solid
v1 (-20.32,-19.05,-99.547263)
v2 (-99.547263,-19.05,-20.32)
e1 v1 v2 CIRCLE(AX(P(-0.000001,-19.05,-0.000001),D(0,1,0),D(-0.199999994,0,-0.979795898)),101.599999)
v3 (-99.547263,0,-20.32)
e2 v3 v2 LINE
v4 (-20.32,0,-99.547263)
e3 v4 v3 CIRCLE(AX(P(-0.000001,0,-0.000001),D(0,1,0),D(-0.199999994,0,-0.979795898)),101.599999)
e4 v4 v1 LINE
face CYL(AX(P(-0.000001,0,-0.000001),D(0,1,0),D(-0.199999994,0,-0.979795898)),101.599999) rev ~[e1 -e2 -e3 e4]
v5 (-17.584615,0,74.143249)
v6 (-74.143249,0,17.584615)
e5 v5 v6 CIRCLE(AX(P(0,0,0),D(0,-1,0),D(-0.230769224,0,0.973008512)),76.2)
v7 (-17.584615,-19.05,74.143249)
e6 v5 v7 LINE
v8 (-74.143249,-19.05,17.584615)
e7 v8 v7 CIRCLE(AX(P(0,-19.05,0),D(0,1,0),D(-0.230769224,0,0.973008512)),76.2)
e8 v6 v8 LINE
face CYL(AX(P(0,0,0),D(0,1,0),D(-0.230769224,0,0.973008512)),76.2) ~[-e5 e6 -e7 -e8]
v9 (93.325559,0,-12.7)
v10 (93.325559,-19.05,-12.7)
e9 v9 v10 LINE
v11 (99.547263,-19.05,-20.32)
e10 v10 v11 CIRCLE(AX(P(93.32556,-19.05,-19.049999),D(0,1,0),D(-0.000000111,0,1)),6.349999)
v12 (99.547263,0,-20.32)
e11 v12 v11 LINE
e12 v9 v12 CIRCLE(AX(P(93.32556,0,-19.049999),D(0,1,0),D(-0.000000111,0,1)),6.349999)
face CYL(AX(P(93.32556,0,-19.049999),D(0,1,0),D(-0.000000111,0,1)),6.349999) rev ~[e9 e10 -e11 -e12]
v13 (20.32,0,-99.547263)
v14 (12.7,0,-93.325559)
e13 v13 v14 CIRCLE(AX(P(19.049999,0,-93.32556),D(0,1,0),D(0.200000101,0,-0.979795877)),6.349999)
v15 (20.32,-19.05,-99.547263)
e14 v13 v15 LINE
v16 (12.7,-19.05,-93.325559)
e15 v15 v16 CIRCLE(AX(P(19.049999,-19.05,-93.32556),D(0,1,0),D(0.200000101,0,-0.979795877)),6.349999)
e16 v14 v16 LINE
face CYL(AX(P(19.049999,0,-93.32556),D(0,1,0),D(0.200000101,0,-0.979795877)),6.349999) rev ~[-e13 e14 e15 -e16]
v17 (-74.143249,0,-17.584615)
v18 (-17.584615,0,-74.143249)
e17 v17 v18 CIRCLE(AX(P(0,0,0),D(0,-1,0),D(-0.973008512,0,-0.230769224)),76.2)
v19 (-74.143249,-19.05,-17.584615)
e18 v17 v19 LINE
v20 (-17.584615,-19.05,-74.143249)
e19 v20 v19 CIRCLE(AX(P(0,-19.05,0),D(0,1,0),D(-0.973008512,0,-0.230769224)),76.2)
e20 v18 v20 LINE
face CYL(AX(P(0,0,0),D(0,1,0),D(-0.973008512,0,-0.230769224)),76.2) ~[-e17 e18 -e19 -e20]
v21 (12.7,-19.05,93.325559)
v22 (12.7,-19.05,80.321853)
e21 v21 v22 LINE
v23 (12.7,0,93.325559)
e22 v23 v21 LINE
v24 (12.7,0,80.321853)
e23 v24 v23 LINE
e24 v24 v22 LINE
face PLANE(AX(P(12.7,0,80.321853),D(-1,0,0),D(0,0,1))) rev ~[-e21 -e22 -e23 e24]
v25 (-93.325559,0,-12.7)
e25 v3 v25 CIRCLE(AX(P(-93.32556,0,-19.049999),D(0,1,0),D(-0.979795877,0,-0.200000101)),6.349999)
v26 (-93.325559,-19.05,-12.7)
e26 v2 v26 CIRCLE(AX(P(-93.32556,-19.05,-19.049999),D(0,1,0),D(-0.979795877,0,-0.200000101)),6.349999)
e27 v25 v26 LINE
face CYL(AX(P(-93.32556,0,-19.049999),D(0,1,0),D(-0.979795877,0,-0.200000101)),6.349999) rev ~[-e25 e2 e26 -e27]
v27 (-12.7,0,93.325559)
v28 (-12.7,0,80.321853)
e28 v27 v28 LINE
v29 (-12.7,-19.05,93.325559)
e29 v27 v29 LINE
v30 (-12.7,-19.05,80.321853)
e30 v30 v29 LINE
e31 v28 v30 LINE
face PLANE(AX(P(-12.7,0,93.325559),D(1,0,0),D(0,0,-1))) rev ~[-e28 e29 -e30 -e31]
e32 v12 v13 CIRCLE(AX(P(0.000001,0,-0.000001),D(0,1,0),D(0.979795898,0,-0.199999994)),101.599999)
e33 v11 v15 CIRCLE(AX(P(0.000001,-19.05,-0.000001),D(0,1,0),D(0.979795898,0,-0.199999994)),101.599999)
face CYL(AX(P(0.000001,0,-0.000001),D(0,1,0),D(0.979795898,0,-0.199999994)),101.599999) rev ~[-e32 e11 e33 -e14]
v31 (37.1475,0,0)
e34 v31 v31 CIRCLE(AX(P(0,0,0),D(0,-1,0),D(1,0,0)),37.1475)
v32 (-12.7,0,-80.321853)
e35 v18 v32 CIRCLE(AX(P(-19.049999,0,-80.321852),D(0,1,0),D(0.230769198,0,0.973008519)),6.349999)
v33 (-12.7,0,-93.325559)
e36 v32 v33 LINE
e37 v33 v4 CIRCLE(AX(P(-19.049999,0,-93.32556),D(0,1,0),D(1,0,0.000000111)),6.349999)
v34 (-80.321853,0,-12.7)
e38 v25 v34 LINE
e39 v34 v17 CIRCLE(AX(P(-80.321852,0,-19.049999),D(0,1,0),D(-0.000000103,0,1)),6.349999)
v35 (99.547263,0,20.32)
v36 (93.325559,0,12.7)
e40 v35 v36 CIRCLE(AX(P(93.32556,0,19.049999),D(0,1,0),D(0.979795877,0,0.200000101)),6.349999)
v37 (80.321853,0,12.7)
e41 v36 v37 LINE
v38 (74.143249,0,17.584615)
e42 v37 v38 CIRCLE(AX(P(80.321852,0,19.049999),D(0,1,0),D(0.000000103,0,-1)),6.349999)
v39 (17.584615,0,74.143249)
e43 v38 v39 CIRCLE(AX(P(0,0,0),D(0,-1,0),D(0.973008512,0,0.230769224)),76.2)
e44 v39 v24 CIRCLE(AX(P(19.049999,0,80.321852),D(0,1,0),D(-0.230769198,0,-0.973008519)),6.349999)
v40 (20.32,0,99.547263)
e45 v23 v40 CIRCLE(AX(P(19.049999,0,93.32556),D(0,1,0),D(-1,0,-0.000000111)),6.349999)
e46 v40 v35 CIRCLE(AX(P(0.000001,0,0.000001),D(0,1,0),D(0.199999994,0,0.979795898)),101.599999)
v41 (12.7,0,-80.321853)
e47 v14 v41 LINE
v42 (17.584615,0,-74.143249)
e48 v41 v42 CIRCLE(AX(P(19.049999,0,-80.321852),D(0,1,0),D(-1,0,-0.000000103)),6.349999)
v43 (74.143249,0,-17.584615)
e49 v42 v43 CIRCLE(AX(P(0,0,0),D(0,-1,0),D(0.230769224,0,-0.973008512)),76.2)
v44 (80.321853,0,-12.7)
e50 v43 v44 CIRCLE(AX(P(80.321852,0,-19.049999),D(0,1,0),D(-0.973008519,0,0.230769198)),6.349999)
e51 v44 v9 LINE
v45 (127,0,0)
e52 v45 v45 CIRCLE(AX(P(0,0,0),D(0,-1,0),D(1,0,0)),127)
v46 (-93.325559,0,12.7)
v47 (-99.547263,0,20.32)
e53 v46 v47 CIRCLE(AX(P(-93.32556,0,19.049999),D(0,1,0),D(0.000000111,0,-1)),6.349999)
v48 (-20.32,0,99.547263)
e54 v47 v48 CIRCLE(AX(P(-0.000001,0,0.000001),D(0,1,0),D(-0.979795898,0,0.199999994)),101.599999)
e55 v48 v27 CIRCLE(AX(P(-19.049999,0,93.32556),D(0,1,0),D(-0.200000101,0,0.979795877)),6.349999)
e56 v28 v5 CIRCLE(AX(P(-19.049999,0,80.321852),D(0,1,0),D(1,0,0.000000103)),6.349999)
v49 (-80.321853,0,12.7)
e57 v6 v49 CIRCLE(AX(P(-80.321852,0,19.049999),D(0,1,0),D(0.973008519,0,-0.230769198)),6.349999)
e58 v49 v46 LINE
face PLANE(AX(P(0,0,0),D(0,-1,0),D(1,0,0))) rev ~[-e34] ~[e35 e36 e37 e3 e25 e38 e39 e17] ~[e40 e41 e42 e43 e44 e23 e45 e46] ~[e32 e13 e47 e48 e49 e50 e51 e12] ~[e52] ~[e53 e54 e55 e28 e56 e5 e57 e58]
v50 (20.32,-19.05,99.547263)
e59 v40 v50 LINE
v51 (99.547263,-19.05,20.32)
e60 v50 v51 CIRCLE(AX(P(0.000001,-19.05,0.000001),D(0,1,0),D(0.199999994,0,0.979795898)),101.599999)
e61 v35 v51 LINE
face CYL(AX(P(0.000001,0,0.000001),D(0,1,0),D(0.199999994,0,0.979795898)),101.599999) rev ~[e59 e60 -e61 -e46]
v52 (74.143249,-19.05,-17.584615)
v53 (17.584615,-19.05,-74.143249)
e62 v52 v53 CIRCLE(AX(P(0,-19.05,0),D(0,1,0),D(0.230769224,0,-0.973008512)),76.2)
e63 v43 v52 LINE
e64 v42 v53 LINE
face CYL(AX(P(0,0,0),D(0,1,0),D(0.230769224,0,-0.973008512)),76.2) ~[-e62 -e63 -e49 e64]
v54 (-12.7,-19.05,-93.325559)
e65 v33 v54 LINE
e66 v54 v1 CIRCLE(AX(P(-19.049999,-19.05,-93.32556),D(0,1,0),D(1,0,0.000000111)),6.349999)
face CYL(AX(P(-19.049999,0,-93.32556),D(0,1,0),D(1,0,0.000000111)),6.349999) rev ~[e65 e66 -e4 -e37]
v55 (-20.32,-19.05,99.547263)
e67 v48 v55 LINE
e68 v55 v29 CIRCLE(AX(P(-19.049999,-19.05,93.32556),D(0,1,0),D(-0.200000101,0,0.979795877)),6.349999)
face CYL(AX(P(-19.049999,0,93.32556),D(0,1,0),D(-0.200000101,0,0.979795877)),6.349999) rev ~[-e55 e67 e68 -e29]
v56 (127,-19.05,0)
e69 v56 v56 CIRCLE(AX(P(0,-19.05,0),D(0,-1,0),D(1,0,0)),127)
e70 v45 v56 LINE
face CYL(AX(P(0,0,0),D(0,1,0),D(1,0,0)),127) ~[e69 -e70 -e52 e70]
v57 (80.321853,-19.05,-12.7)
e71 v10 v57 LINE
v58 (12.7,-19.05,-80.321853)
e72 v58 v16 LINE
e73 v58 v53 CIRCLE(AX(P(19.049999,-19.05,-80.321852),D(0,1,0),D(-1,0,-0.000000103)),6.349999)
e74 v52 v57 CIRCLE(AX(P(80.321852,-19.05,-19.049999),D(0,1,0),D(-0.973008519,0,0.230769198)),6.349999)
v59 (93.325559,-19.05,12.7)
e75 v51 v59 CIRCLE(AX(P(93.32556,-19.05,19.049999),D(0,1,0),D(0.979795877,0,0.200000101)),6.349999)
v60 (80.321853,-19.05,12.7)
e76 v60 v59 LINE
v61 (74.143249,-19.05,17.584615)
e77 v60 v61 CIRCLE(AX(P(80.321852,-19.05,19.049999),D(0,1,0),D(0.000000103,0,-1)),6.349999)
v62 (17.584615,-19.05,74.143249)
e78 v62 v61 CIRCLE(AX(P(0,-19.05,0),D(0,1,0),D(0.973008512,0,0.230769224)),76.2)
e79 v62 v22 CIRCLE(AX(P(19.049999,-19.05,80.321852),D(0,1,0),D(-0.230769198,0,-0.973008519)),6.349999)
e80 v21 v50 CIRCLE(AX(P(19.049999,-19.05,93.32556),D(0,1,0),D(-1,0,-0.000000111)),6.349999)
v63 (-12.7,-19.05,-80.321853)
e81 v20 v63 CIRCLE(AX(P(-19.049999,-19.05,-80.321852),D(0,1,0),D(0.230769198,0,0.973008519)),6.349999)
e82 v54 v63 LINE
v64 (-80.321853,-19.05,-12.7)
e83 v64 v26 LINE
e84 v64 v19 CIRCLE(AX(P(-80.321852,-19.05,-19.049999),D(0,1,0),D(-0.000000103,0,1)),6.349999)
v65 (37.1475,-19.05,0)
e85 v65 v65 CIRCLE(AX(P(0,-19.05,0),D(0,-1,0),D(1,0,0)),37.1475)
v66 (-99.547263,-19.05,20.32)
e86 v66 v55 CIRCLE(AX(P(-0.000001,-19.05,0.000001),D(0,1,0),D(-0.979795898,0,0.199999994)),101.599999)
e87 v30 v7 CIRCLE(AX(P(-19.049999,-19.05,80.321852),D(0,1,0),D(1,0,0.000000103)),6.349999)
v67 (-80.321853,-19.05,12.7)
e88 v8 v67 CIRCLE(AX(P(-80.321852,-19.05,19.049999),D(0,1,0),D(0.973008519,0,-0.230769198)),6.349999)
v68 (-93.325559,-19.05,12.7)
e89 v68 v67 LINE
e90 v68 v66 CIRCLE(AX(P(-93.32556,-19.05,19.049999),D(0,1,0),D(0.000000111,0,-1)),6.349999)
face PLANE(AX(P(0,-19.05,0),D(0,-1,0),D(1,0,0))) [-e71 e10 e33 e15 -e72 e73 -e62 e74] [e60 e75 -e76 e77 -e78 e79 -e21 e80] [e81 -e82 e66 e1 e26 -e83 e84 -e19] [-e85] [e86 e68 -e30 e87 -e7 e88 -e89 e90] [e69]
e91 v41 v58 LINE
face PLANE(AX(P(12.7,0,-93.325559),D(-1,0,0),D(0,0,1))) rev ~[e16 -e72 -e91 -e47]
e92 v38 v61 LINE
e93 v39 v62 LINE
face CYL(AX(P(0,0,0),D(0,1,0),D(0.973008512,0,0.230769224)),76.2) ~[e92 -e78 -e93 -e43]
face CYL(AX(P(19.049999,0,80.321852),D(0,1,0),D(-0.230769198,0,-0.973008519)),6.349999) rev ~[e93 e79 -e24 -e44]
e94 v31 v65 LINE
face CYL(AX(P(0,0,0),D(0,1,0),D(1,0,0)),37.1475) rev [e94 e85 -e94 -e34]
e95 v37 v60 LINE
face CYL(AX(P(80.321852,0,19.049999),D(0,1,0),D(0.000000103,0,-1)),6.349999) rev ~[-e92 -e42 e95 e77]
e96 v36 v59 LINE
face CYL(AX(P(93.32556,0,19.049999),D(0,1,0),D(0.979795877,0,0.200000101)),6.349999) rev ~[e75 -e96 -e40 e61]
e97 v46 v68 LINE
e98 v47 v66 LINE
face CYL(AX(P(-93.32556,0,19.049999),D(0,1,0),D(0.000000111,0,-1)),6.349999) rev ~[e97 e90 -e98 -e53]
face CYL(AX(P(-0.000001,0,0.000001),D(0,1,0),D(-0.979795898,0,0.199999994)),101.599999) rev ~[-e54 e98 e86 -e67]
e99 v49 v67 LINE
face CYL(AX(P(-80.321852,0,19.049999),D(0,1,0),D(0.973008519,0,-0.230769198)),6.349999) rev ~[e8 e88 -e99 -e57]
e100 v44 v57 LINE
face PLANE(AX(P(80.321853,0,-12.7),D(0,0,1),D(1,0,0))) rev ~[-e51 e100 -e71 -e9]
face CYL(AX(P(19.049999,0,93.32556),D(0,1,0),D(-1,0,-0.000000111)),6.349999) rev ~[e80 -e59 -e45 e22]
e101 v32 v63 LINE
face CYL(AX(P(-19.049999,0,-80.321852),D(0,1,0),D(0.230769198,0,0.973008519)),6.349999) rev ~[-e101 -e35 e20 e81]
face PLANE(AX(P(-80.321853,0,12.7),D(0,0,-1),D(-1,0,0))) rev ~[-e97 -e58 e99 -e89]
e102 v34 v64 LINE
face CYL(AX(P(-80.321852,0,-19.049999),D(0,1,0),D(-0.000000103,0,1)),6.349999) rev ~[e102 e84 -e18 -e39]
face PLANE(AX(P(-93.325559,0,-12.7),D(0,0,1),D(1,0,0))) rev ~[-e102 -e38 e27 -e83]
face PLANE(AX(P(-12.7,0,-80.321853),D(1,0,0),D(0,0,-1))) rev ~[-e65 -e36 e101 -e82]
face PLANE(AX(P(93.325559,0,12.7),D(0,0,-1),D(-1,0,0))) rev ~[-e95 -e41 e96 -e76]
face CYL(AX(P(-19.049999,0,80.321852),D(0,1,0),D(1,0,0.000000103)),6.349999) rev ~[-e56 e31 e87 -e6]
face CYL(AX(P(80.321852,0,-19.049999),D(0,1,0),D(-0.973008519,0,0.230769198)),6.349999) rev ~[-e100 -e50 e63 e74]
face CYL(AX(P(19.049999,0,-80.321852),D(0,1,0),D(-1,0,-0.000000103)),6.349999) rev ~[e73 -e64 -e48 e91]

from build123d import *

# Parameters (mm, degrees)
F0_R     = 127
F0_R_2   = 37.1475
F1_DEPTH = 19.05
F3_DEPTH = 25.4


with BuildPart() as f1:
    # F0 (on Front) → F1 (new body)
    with BuildSketch(Plane.XZ):
        Circle(F0_R)
        Circle(F0_R_2, mode=Mode.SUBTRACT)
    extrude(amount=F1_DEPTH)

    # F2 (on face) → F3 (cut)
    with BuildSketch(Plane(origin=(0, 0, 0), x_dir=(-1, 0, 0), z_dir=(0, 1, 0))):
        with BuildLine():
            ThreePointArc((-17.584615, 74.143249), (-14.06865, 76.38375), (-12.7, 80.321853))
            Line((-12.7, 80.321853), (-12.7, 93.325559))
            ThreePointArc((-12.7, 93.325559), (-15.033907, 98.244248), (-20.32, 99.547263))
            ThreePointArc((-20.32, 99.547263), (-71.842049, 71.842049), (-99.547263, 20.32))
            ThreePointArc((-99.547263, 20.32), (-98.244248, 15.033907), (-93.325559, 12.7))
            Line((-93.325559, 12.7), (-80.321853, 12.7))
            ThreePointArc((-80.321853, 12.7), (-76.38375, 14.06865), (-74.143249, 17.584615))
            ThreePointArc((-74.143249, 17.584615), (-53.881537, 53.881537), (-17.584615, 74.143249))
        make_face()
        with BuildLine():
            ThreePointArc((17.584615, 74.143249), (53.881537, 53.881537), (74.143249, 17.584615))
            ThreePointArc((74.143249, 17.584615), (76.38375, 14.06865), (80.321853, 12.7))
            Line((80.321853, 12.7), (93.325559, 12.7))
            ThreePointArc((93.325559, 12.7), (98.244248, 15.033907), (99.547263, 20.32))
            ThreePointArc((99.547263, 20.32), (71.842049, 71.842049), (20.32, 99.547263))
            ThreePointArc((20.32, 99.547263), (15.033907, 98.244248), (12.7, 93.325559))
            Line((12.7, 93.325559), (12.7, 80.321853))
            ThreePointArc((12.7, 80.321853), (14.06865, 76.38375), (17.584615, 74.143249))
        make_face()
        with BuildLine():
            Line((93.325559, -12.7), (80.321853, -12.7))
            ThreePointArc((80.321853, -12.7), (76.38375, -14.06865), (74.143249, -17.584615))
            ThreePointArc((74.143249, -17.584615), (53.881537, -53.881537), (17.584615, -74.143249))
            ThreePointArc((17.584615, -74.143249), (14.06865, -76.38375), (12.7, -80.321853))
            Line((12.7, -80.321853), (12.7, -93.325559))
            ThreePointArc((12.7, -93.325559), (15.033907, -98.244248), (20.32, -99.547263))
            ThreePointArc((20.32, -99.547263), (71.842049, -71.842049), (99.547263, -20.32))
            ThreePointArc((99.547263, -20.32), (98.244248, -15.033907), (93.325559, -12.7))
        make_face()
        with BuildLine():
            ThreePointArc((-74.143249, -17.584615), (-76.38375, -14.06865), (-80.321853, -12.7))
            Line((-80.321853, -12.7), (-93.325559, -12.7))
            ThreePointArc((-93.325559, -12.7), (-98.244248, -15.033907), (-99.547263, -20.32))
            ThreePointArc((-99.547263, -20.32), (-71.842049, -71.842049), (-20.32, -99.547263))
            ThreePointArc((-20.32, -99.547263), (-15.033907, -98.244248), (-12.7, -93.325559))
            Line((-12.7, -93.325559), (-12.7, -80.321853))
            ThreePointArc((-12.7, -80.321853), (-14.06865, -76.38375), (-17.584615, -74.143249))
            ThreePointArc((-17.584615, -74.143249), (-53.881537, -53.881537), (-74.143249, -17.584615))
        make_face()
    extrude(amount=-F3_DEPTH, mode=Mode.SUBTRACT)


solid = f1.part
